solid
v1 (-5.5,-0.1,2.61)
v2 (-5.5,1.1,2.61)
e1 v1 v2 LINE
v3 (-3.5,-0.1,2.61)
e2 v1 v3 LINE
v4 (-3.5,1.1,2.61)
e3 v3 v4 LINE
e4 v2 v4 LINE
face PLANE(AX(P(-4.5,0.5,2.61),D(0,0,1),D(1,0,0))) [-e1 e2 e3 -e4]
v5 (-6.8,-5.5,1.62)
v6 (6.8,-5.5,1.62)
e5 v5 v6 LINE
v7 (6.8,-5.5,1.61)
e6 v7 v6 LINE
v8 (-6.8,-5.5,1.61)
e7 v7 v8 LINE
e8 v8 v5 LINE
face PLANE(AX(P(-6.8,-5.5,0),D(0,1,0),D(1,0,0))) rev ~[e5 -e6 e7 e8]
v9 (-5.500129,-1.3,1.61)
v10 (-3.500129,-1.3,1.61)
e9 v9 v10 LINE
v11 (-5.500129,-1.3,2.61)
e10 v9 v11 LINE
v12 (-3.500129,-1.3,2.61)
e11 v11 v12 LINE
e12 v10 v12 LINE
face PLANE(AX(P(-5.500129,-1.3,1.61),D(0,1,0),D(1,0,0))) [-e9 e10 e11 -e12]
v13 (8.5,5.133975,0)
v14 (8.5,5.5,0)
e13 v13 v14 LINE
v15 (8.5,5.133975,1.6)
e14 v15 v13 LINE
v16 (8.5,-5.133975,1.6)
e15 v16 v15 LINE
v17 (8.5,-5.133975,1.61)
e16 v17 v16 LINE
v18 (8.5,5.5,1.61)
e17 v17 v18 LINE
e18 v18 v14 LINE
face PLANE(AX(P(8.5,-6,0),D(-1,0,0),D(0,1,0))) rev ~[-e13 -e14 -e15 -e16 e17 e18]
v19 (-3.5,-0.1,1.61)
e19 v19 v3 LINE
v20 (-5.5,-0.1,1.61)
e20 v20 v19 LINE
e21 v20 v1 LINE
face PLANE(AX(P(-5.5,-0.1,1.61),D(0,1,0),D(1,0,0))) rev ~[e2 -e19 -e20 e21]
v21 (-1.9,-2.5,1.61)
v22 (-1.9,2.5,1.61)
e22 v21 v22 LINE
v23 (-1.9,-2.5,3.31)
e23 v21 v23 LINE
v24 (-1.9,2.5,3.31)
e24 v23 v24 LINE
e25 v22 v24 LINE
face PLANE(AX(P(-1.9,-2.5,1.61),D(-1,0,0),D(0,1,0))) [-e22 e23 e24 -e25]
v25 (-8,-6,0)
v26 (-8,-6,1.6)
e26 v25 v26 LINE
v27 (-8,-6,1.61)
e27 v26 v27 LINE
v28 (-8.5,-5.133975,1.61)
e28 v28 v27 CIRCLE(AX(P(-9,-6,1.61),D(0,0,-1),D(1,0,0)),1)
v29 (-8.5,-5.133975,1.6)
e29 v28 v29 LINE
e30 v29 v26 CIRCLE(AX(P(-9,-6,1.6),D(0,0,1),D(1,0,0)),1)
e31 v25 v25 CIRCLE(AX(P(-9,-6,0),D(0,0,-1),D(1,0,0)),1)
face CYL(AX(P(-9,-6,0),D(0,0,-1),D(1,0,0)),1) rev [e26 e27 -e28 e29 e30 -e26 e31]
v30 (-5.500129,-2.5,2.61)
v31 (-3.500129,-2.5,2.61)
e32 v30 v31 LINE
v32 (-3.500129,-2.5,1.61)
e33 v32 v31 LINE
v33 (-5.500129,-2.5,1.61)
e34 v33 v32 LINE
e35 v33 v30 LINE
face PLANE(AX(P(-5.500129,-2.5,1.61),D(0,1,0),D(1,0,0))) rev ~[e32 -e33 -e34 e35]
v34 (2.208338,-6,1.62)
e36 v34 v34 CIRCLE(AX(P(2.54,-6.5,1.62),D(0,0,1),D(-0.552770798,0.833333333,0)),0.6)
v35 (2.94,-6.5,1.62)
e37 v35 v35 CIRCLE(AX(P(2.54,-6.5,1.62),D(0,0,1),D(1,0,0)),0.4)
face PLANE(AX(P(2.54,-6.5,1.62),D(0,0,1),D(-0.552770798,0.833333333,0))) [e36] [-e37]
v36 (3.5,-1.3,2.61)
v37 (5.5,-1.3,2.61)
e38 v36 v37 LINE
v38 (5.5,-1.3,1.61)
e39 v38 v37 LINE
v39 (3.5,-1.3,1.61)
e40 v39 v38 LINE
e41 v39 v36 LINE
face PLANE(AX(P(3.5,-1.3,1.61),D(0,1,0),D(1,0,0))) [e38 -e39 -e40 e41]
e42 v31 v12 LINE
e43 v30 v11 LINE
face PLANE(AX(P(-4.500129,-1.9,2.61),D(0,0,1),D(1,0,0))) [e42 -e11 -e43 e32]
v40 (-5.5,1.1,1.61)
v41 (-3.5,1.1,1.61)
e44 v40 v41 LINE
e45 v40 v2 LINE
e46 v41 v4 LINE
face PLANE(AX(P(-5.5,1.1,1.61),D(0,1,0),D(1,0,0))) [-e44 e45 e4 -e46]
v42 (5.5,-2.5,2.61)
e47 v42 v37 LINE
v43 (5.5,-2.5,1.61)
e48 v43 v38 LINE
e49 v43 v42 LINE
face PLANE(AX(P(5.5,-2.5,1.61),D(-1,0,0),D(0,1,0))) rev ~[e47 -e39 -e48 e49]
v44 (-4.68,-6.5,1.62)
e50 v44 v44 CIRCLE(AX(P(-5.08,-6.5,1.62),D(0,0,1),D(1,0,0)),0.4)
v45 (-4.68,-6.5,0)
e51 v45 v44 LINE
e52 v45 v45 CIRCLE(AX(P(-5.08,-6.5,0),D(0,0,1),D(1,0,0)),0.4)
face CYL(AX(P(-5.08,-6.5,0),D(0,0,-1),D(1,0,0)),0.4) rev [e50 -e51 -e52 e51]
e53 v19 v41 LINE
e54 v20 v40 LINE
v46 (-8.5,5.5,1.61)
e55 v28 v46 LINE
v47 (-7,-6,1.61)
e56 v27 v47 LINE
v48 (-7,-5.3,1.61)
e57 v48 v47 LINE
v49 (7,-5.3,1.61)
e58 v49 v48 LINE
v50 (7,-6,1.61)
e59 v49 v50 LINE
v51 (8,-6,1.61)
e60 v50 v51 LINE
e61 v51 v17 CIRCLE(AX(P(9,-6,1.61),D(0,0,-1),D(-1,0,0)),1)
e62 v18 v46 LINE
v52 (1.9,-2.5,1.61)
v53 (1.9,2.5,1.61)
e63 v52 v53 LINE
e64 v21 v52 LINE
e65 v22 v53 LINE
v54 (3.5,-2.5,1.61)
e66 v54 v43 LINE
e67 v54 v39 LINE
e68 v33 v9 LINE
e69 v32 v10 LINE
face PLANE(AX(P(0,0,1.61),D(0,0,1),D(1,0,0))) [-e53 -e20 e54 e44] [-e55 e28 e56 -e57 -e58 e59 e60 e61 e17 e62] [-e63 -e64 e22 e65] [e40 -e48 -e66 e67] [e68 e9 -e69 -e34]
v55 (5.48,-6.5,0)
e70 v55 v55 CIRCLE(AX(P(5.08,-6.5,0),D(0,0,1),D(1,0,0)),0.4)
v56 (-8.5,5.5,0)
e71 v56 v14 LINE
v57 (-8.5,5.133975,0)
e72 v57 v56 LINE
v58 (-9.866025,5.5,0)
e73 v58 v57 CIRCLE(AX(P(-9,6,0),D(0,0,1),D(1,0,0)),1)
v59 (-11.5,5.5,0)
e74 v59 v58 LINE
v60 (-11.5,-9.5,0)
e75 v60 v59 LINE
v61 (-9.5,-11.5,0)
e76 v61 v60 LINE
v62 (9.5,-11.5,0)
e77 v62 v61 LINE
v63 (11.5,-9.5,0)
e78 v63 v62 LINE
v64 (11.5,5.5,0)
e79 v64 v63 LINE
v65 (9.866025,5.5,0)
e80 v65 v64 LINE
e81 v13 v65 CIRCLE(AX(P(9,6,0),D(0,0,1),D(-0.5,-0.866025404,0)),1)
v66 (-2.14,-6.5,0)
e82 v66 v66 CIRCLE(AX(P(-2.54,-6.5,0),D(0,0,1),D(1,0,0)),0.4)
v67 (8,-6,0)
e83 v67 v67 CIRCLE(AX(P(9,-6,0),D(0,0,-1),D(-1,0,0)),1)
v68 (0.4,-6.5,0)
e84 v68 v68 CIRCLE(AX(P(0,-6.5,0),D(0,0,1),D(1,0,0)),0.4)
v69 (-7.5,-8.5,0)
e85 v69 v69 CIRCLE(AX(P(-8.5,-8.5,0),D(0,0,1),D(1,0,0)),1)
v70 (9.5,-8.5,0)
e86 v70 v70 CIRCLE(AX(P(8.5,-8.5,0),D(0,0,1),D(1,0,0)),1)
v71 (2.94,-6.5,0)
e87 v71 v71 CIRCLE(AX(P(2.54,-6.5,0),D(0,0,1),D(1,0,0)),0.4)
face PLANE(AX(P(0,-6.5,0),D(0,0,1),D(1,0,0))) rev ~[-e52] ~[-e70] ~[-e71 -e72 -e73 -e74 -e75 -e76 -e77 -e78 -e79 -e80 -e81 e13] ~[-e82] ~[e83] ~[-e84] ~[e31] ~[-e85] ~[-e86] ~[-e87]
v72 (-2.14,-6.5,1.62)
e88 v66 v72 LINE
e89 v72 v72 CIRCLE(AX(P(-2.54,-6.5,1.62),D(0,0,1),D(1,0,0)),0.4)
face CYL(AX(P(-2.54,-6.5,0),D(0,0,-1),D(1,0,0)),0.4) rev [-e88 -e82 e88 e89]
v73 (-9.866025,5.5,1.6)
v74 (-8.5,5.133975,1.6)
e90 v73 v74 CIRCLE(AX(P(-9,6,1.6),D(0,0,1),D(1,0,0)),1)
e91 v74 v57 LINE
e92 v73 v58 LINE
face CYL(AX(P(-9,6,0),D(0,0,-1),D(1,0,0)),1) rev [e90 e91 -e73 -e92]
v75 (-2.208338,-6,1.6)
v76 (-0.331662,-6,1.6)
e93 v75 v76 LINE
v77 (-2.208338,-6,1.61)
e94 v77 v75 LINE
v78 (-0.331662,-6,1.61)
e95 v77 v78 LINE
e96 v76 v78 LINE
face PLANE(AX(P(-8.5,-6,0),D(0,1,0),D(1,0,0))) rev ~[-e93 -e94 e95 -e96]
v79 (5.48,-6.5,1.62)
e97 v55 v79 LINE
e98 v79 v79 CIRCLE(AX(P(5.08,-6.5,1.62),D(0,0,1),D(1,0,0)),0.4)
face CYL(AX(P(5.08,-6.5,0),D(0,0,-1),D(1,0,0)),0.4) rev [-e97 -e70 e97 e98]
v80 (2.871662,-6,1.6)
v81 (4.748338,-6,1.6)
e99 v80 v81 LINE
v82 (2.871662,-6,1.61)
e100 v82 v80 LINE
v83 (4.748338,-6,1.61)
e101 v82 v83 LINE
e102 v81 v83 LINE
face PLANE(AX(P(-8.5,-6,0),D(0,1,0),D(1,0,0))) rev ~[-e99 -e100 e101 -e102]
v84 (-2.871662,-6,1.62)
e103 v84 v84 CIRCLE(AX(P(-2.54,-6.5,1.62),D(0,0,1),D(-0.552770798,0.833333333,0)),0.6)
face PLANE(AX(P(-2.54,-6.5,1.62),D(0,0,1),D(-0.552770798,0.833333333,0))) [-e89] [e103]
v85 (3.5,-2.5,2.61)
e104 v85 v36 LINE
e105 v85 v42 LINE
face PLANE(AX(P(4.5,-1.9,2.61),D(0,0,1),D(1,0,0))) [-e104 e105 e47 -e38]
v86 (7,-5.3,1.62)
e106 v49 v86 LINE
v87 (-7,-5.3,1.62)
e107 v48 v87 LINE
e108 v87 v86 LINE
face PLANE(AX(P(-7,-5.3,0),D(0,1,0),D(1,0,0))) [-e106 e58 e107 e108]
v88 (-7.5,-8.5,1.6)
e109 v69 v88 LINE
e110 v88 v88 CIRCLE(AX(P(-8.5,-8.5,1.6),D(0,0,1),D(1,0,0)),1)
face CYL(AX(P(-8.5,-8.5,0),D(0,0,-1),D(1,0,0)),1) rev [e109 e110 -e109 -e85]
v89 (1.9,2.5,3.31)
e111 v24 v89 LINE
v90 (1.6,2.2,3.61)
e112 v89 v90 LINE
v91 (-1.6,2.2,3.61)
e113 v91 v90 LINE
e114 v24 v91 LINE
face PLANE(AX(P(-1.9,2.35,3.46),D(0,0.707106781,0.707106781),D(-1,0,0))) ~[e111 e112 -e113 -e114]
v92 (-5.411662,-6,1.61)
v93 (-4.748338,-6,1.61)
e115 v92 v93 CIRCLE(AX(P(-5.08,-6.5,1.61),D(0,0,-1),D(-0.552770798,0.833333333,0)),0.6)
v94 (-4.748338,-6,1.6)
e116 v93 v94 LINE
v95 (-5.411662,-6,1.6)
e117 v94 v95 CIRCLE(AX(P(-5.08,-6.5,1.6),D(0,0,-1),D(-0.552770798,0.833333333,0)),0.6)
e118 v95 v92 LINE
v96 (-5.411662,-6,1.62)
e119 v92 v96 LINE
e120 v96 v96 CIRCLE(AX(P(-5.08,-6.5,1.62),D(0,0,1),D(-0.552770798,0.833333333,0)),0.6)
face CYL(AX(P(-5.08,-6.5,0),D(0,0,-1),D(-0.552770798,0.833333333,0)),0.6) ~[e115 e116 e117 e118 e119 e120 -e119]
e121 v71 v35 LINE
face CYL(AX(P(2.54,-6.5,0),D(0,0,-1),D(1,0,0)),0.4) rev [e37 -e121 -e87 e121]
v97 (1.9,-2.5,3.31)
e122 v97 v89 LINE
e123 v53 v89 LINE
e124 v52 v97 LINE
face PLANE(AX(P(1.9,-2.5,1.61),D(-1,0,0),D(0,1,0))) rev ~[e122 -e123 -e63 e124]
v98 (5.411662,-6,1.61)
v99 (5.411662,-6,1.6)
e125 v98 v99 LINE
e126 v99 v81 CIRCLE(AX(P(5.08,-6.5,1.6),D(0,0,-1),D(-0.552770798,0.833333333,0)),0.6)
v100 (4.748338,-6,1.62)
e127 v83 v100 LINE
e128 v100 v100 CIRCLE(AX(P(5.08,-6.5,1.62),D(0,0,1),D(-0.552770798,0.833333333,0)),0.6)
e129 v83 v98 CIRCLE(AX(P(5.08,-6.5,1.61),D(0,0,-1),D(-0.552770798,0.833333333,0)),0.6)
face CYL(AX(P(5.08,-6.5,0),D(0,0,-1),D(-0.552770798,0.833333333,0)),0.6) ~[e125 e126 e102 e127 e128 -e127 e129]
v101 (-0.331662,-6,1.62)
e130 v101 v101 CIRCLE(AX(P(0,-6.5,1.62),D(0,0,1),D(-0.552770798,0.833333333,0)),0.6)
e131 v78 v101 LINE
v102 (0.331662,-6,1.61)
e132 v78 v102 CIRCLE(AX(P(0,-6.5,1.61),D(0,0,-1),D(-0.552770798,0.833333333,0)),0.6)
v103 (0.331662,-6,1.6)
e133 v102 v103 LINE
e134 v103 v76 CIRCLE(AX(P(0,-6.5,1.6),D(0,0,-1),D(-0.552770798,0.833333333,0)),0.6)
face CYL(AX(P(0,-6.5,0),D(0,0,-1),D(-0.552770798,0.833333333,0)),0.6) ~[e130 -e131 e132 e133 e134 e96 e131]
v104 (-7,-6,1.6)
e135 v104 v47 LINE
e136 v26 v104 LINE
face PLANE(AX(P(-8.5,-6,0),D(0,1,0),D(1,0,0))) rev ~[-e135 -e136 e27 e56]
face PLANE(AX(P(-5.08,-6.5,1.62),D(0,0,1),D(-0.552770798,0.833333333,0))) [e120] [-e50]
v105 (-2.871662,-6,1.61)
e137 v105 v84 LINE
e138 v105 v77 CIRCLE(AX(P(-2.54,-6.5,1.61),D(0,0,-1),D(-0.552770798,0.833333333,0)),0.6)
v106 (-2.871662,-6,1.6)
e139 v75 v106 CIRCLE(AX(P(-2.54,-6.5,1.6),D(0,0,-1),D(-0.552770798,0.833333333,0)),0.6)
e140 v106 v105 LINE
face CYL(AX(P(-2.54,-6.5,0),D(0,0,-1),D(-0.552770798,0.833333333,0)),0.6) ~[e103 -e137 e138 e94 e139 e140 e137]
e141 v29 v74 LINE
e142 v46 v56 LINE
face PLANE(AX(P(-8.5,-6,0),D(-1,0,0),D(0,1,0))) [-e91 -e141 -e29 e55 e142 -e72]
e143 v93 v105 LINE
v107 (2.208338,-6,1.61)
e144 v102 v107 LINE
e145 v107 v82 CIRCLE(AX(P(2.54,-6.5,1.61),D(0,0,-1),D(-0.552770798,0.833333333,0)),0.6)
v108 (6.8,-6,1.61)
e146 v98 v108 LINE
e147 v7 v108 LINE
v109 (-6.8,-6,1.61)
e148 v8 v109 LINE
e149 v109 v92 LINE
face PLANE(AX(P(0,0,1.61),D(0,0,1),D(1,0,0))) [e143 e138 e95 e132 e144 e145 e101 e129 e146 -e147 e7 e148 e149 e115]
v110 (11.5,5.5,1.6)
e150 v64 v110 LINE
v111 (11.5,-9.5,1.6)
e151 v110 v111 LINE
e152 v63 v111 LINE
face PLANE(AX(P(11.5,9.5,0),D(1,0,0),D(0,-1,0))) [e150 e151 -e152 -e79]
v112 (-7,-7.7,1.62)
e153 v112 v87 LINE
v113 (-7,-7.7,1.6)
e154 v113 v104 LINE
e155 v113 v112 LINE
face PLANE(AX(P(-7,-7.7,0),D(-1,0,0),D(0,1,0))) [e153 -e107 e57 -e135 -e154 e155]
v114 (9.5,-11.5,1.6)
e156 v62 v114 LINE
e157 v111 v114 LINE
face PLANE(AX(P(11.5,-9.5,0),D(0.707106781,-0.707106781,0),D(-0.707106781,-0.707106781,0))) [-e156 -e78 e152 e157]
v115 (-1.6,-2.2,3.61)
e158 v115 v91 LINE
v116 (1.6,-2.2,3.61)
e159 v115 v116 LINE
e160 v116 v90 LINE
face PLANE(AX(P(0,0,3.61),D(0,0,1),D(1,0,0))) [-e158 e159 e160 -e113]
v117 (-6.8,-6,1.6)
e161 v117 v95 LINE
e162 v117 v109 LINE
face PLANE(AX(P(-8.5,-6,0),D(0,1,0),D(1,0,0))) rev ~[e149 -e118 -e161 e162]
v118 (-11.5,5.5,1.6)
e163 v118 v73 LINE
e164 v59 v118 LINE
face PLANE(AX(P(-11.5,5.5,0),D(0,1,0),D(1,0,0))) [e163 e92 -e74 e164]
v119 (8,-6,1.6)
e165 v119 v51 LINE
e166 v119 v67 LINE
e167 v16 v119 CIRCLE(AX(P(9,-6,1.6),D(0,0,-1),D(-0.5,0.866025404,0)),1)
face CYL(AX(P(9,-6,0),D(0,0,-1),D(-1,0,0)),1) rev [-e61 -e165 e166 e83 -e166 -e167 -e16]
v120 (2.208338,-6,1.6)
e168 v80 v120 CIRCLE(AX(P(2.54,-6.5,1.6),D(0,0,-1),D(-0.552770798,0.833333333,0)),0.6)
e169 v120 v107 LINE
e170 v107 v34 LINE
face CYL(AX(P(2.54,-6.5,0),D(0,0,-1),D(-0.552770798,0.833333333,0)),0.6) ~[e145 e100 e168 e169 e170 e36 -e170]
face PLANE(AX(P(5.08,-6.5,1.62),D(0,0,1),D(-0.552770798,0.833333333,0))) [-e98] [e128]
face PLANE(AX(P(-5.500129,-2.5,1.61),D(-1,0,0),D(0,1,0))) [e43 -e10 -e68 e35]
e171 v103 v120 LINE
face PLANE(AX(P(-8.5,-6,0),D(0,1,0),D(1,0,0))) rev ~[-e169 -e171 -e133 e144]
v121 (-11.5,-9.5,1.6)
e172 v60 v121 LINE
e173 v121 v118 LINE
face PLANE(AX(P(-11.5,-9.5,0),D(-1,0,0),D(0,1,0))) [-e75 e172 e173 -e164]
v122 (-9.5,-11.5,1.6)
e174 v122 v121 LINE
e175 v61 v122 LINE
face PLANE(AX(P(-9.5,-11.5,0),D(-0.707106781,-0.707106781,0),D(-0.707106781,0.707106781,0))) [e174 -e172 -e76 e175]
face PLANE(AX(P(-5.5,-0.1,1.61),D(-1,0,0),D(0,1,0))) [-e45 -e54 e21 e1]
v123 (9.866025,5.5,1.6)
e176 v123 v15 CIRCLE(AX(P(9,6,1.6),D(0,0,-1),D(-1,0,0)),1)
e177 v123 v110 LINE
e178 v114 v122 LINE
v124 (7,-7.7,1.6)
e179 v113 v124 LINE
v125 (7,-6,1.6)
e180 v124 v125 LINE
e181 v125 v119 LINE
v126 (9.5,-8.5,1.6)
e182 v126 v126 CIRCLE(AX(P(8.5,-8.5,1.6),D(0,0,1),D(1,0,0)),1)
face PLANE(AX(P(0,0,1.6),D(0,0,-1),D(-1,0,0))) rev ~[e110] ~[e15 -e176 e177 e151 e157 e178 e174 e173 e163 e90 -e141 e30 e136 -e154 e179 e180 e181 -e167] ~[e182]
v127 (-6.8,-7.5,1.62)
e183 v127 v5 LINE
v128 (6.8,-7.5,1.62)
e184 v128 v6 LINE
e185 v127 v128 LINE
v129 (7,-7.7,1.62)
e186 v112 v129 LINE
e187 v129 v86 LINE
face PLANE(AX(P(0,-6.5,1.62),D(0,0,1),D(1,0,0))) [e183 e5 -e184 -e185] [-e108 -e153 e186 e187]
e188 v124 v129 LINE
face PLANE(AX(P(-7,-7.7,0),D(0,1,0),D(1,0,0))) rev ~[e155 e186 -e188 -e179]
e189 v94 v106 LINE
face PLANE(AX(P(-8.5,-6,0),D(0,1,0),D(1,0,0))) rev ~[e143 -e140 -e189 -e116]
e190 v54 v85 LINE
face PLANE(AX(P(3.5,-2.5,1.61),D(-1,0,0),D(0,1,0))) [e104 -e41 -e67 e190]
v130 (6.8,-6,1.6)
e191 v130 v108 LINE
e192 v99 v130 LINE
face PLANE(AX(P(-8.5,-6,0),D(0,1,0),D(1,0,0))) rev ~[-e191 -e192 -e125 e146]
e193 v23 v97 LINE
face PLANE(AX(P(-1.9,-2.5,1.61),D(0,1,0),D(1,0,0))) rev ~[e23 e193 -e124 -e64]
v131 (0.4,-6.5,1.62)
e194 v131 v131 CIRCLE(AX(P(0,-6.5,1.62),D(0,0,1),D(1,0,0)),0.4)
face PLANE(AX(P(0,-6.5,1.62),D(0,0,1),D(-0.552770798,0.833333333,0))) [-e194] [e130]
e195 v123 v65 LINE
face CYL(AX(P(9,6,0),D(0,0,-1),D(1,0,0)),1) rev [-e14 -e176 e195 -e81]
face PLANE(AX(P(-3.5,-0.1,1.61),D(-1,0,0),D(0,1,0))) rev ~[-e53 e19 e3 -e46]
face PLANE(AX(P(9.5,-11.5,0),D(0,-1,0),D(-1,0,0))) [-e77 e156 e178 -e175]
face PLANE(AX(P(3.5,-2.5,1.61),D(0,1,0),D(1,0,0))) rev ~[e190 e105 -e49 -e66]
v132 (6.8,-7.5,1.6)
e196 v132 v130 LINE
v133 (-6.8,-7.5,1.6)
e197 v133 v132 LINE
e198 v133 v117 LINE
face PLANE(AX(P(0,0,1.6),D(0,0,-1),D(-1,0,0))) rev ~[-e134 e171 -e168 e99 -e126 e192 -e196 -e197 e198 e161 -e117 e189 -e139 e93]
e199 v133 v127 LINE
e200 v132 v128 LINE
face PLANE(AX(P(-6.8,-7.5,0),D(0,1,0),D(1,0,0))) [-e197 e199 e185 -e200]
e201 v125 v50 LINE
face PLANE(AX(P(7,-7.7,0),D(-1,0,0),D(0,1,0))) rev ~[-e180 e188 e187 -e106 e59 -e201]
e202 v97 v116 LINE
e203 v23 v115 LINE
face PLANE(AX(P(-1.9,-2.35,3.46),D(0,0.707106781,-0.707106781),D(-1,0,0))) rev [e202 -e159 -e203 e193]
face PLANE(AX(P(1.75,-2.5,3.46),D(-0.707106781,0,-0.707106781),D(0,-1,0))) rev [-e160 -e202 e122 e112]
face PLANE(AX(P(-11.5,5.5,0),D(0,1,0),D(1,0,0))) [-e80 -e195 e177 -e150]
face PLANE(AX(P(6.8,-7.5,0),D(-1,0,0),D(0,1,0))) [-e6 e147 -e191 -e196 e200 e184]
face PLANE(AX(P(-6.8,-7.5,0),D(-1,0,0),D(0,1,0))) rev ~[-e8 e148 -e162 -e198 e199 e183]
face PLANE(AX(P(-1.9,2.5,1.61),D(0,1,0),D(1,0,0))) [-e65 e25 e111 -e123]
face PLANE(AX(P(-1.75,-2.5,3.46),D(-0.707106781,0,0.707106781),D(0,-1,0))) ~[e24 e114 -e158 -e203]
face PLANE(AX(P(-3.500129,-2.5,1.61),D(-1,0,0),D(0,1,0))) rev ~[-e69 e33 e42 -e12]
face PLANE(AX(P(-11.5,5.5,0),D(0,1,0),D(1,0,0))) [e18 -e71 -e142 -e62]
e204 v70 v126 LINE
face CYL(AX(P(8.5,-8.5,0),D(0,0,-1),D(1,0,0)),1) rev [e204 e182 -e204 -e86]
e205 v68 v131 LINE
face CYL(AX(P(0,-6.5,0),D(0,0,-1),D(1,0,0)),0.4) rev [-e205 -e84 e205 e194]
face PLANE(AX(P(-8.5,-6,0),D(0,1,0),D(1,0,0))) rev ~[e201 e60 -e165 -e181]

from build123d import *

# Parameters (mm, degrees)
SKETCH1_R           = 1
BOSS_EXTRUDE1_DEPTH = 1.6
SKETCH2_W           = 17
SKETCH2_H           = 12
BOSS_EXTRUDE2_DEPTH = 1.61
SKETCH3_W           = 14
SKETCH3_H           = 2.4
SKETCH3_W_2         = 13.6
SKETCH3_H_2         = 2
SKETCH3_R           = 0.6
SKETCH3_R_2         = 0.4
BOSS_EXTRUDE3_DEPTH = 1.62
SKETCH3_3_R         = 0.4
CUT_EXTRUDE1_DEPTH  = 2.62
BOSS_EXTRUDE4_START = 1.61
SKETCH4_W           = 3.8
SKETCH4_H           = 5
BOSS_EXTRUDE4_DEPTH = 2
BOSS_EXTRUDE5_START = 1.61
SKETCH5_W           = 2
SKETCH5_H           = 1.2
BOSS_EXTRUDE5_DEPTH = 1
CHAMFER1_SIZE       = 0.3
SKETCH6_R           = 1
SKETCH6_W           = 23
SKETCH6_H           = 6
CUT_EXTRUDE2_DEPTH  = 2


with BuildPart() as part:
    # Sketch1 → Boss-Extrude1 (new body)
    with BuildSketch(Plane.XY):
        Polygon((-11.5, 9.5), (-9.5, 11.5), (9.5, 11.5), (11.5, 9.5), (11.5, -9.5), (9.5, -11.5), (-9.5, -11.5), (-11.5, -9.5), align=None)
        with Locations((-9, 6)):
            Circle(SKETCH1_R, mode=Mode.SUBTRACT)
        with Locations((9, 6)):
            Circle(SKETCH1_R, mode=Mode.SUBTRACT)
        with Locations((-9, -6)):
            Circle(SKETCH1_R, mode=Mode.SUBTRACT)
        with Locations((9, -6)):
            Circle(SKETCH1_R, mode=Mode.SUBTRACT)
        with Locations((8.5, -8.5)):
            Circle(SKETCH1_R, mode=Mode.SUBTRACT)
        with Locations((-8.5, -8.5)):
            Circle(SKETCH1_R, mode=Mode.SUBTRACT)
    extrude(amount=BOSS_EXTRUDE1_DEPTH)

    # Sketch2 → Boss-Extrude2 (add)
    with BuildSketch(Plane.XY):
        Rectangle(SKETCH2_W, SKETCH2_H)
    extrude(amount=BOSS_EXTRUDE2_DEPTH)

    # Sketch3 → Boss-Extrude3 (add)
    with BuildSketch(Plane.XY):
        with Locations((0, -6.5)):
            Rectangle(SKETCH3_W, SKETCH3_H)
        with Locations((0, -6.5)):
            Rectangle(SKETCH3_W_2, SKETCH3_H_2, mode=Mode.SUBTRACT)
        with Locations(Location((-5.08, -6.5, 0), (0, 0, 123.557309762))):
            Circle(SKETCH3_R)
        with Locations((-5.08, -6.5)):
            Circle(SKETCH3_R_2, mode=Mode.SUBTRACT)
        with Locations(Location((-2.54, -6.5, 0), (0, 0, 123.557309762))):
            Circle(SKETCH3_R)
        with Locations((-2.54, -6.5)):
            Circle(SKETCH3_R_2, mode=Mode.SUBTRACT)
        with Locations(Location((0, -6.5, 0), (0, 0, 123.557309762))):
            Circle(SKETCH3_R)
        with Locations((0, -6.5)):
            Circle(SKETCH3_R_2, mode=Mode.SUBTRACT)
        with Locations(Location((5.08, -6.5, 0), (0, 0, 123.557309762))):
            Circle(SKETCH3_R)
        with Locations((5.08, -6.5)):
            Circle(SKETCH3_R_2, mode=Mode.SUBTRACT)
        with Locations(Location((2.54, -6.5, 0), (0, 0, 123.557309762))):
            Circle(SKETCH3_R)
        with Locations((2.54, -6.5)):
            Circle(SKETCH3_R_2, mode=Mode.SUBTRACT)
    extrude(amount=BOSS_EXTRUDE3_DEPTH)

    # Sketch3<3> → Cut-Extrude1 (cut)
    with BuildSketch(Plane.XY):
        with Locations((-5.08, -6.5)):
            Circle(SKETCH3_3_R)
        with Locations((-2.54, -6.5)):
            Circle(SKETCH3_3_R)
        with Locations((0, -6.5)):
            Circle(SKETCH3_3_R)
        with Locations((2.54, -6.5)):
            Circle(SKETCH3_3_R)
        with Locations((5.08, -6.5)):
            Circle(SKETCH3_3_R)
    extrude(amount=CUT_EXTRUDE1_DEPTH, mode=Mode.SUBTRACT)

    # Sketch4 → Boss-Extrude4 (add)
    with BuildSketch(Plane.XY.offset(BOSS_EXTRUDE4_START)):
        Rectangle(SKETCH4_W, SKETCH4_H)
    extrude(amount=BOSS_EXTRUDE4_DEPTH)

    # Sketch5 → Boss-Extrude5 (add)
    with BuildSketch(Plane.XY.offset(BOSS_EXTRUDE5_START)):
        with Locations((-4.500129294, -1.9)):
            Rectangle(SKETCH5_W, SKETCH5_H)
        with Locations((-4.5, 0.5)):
            Rectangle(SKETCH5_W, SKETCH5_H)
        with Locations((4.5, -1.9)):
            Rectangle(SKETCH5_W, SKETCH5_H)
    extrude(amount=BOSS_EXTRUDE5_DEPTH)

    # Chamfer1
    chamfer1_edges = [part.edges().sort_by_distance(p)[0] for p in [
        (1.9, 0, 3.61),
        (0, 2.5, 3.61),
        (-1.9, 0, 3.61),
        (0, -2.5, 3.61),
    ]]
    chamfer(chamfer1_edges, length=CHAMFER1_SIZE)

    # Sketch6 → Cut-Extrude2 (cut)
    with BuildSketch(Plane.XY):
        with Locations(Location((9, -6, 0), (0, 0, 180))):
            Circle(SKETCH6_R)
        with Locations((-9, -6)):
            Circle(SKETCH6_R)
        with Locations((0, 8.5)):
            Rectangle(SKETCH6_W, SKETCH6_H)
    extrude(amount=CUT_EXTRUDE2_DEPTH, mode=Mode.SUBTRACT)


solid = part.part
